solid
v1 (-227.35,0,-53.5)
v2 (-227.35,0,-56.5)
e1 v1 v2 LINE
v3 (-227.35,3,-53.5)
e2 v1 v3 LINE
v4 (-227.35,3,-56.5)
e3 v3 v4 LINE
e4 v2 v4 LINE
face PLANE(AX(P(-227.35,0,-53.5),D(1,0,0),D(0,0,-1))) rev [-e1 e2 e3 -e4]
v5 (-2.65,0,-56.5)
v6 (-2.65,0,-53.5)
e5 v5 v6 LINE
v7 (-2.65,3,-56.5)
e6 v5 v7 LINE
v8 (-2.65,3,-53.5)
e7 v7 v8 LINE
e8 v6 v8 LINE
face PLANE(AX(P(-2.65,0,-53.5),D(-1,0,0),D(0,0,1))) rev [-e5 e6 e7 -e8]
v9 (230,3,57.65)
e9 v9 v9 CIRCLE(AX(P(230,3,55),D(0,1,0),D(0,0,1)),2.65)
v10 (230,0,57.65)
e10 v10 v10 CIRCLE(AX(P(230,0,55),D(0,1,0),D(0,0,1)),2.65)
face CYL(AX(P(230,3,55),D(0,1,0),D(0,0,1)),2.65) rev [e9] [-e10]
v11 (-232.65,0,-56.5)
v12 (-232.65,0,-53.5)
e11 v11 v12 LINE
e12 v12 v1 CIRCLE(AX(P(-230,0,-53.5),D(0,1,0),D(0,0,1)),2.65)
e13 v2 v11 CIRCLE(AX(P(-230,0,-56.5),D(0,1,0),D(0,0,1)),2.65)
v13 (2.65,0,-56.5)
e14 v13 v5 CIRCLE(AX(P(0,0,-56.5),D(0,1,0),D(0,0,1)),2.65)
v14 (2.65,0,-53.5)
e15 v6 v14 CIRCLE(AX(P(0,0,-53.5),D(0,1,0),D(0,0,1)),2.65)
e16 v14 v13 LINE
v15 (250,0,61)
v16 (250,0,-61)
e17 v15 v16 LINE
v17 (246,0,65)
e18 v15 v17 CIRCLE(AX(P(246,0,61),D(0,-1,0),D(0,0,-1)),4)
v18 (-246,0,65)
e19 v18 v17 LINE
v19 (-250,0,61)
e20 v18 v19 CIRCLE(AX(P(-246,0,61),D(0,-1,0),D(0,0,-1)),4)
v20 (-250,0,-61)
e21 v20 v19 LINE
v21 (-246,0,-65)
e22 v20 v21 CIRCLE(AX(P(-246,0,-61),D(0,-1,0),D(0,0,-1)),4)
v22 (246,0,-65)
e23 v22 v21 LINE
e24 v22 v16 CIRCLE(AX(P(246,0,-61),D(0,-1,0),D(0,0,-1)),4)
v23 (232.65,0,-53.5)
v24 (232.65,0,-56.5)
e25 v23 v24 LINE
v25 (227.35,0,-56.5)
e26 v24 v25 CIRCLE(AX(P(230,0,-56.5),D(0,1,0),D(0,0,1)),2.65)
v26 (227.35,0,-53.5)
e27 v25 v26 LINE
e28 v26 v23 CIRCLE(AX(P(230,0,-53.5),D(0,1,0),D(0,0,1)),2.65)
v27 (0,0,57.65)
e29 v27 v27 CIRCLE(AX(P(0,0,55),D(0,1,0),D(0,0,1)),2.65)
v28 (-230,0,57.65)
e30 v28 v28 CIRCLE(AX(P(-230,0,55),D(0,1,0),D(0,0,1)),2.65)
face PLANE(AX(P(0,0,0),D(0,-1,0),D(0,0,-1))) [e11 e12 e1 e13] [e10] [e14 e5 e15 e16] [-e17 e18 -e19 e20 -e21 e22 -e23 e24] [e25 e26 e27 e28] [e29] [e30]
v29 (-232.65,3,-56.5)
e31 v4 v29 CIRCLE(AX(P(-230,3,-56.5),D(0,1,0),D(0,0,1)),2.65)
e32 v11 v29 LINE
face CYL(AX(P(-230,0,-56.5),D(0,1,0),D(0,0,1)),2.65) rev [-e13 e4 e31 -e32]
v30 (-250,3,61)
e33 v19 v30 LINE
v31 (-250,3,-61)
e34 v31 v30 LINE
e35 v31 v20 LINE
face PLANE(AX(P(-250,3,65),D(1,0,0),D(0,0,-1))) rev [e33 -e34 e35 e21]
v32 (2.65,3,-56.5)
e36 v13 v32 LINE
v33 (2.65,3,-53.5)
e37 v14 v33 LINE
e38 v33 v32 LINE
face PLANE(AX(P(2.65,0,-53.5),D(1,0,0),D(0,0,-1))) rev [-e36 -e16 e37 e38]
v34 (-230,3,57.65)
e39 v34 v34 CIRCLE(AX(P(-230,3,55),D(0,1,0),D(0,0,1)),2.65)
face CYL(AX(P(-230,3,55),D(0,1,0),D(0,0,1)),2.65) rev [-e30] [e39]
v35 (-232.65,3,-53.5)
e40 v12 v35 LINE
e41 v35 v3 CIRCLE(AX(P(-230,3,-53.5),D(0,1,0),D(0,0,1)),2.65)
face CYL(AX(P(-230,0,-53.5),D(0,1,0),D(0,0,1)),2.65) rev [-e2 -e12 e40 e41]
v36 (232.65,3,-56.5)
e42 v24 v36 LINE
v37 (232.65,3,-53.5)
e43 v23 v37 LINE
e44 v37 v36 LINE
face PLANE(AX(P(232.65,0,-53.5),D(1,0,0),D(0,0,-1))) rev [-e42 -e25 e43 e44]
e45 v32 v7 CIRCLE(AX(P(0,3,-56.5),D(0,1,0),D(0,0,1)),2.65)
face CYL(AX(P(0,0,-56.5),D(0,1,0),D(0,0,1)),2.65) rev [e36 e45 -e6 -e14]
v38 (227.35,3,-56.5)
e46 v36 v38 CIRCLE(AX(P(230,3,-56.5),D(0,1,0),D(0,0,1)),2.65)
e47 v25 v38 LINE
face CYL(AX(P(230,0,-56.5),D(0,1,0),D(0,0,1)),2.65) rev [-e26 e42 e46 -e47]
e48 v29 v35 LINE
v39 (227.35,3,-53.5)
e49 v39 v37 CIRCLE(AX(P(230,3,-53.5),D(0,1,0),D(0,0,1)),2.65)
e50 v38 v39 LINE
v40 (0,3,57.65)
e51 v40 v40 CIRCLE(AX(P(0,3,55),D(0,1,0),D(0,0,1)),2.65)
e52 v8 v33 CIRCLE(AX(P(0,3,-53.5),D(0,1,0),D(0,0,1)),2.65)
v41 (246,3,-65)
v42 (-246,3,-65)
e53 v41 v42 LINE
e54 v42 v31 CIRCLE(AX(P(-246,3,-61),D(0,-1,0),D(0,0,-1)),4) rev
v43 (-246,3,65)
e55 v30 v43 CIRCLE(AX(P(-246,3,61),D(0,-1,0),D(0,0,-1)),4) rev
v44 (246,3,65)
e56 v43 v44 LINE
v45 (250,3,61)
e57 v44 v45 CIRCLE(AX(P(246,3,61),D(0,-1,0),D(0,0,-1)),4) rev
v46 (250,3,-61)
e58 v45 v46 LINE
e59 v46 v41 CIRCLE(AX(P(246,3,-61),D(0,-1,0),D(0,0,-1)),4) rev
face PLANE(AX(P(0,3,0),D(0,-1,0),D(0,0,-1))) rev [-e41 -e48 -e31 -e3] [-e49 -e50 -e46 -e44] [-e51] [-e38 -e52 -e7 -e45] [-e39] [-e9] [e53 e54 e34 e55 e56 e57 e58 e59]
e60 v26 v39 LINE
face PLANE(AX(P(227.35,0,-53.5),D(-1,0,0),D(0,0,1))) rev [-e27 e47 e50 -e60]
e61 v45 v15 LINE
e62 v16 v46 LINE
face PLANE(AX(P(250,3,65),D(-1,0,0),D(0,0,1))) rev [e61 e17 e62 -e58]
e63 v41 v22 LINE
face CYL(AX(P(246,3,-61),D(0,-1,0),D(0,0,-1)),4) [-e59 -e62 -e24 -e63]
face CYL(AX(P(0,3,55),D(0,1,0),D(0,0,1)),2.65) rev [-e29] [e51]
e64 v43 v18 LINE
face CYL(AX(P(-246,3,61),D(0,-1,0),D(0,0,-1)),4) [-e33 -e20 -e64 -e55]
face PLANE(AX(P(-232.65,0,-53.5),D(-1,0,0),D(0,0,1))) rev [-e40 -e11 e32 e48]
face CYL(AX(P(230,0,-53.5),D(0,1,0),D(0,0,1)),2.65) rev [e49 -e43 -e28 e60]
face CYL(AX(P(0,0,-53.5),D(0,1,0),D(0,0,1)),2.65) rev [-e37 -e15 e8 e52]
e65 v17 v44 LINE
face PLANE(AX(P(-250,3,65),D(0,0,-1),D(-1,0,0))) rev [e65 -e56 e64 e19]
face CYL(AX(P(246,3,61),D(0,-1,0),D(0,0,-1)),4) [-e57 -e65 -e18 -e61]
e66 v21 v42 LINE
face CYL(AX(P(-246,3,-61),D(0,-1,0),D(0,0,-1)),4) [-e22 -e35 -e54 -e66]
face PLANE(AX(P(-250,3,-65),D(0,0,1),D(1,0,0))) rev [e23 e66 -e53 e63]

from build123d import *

# Parameters (mm, degrees)
SKETCH1_W                  = 500
SKETCH1_H                  = 130
BOSS_EXTRUDE1_DEPTH        = 3
FILLET1_R                  = 4
F_5_3_5_3_DIAMETER_HOLE1_D = 5.3
CUT_EXTRUDE1_DEPTH         = 4


with BuildPart() as part:
    # Sketch1 → Boss-Extrude1 (new body)
    with BuildSketch(Plane(origin=(0, 0, 0), x_dir=(1, 0, 0), z_dir=(0, 1, 0))):
        Rectangle(SKETCH1_W, SKETCH1_H)
    extrude(amount=BOSS_EXTRUDE1_DEPTH)

    # Fillet1
    fillet1_edges = [part.edges().sort_by_distance(p)[0] for p in [
        (250, 1.5, 65),
        (-250, 1.5, 65),
        (-250, 1.5, -65),
        (250, 1.5, -65),
    ]]
    fillet(fillet1_edges, radius=FILLET1_R)

    # Ø5.3 (5.3) Diameter Hole1 (through all)
    with Locations(Plane(origin=(0, 3, 0), x_dir=(1, 0, 0), z_dir=(0, 1, 0))):
        with Locations((230, 55), (-230, -55), (-230, 55), (230, -55), (0, 55), (0, -55)):
            Hole(F_5_3_5_3_DIAMETER_HOLE1_D / 2)

    # Sketch6 → Cut-Extrude1 (cut, through all)
    with BuildSketch(Plane(origin=(0, 3, 0), x_dir=(1, 0, 0), z_dir=(0, 1, 0))):
        with BuildLine():
            Line((-232.65, 53.5), (-232.65, 56.5))
            ThreePointArc((-232.65, 56.5), (-230, 59.15), (-227.35, 56.5))
            Line((-227.35, 56.5), (-227.35, 53.5))
            ThreePointArc((-227.35, 53.5), (-230, 50.85), (-232.65, 53.5))
        make_face()
        with BuildLine():
            Line((-2.65, 53.5), (-2.65, 56.5))
            ThreePointArc((-2.65, 56.5), (0, 59.15), (2.65, 56.5))
            Line((2.65, 56.5), (2.65, 53.5))
            ThreePointArc((2.65, 53.5), (0, 50.85), (-2.65, 53.5))
        make_face()
        with BuildLine():
            Line((227.35, 53.5), (227.35, 56.5))
            ThreePointArc((227.35, 56.5), (230, 59.15), (232.65, 56.5))
            Line((232.65, 56.5), (232.65, 53.5))
            ThreePointArc((232.65, 53.5), (230, 50.85), (227.35, 53.5))
        make_face()
    extrude(amount=-CUT_EXTRUDE1_DEPTH, mode=Mode.SUBTRACT)


solid = part.part
